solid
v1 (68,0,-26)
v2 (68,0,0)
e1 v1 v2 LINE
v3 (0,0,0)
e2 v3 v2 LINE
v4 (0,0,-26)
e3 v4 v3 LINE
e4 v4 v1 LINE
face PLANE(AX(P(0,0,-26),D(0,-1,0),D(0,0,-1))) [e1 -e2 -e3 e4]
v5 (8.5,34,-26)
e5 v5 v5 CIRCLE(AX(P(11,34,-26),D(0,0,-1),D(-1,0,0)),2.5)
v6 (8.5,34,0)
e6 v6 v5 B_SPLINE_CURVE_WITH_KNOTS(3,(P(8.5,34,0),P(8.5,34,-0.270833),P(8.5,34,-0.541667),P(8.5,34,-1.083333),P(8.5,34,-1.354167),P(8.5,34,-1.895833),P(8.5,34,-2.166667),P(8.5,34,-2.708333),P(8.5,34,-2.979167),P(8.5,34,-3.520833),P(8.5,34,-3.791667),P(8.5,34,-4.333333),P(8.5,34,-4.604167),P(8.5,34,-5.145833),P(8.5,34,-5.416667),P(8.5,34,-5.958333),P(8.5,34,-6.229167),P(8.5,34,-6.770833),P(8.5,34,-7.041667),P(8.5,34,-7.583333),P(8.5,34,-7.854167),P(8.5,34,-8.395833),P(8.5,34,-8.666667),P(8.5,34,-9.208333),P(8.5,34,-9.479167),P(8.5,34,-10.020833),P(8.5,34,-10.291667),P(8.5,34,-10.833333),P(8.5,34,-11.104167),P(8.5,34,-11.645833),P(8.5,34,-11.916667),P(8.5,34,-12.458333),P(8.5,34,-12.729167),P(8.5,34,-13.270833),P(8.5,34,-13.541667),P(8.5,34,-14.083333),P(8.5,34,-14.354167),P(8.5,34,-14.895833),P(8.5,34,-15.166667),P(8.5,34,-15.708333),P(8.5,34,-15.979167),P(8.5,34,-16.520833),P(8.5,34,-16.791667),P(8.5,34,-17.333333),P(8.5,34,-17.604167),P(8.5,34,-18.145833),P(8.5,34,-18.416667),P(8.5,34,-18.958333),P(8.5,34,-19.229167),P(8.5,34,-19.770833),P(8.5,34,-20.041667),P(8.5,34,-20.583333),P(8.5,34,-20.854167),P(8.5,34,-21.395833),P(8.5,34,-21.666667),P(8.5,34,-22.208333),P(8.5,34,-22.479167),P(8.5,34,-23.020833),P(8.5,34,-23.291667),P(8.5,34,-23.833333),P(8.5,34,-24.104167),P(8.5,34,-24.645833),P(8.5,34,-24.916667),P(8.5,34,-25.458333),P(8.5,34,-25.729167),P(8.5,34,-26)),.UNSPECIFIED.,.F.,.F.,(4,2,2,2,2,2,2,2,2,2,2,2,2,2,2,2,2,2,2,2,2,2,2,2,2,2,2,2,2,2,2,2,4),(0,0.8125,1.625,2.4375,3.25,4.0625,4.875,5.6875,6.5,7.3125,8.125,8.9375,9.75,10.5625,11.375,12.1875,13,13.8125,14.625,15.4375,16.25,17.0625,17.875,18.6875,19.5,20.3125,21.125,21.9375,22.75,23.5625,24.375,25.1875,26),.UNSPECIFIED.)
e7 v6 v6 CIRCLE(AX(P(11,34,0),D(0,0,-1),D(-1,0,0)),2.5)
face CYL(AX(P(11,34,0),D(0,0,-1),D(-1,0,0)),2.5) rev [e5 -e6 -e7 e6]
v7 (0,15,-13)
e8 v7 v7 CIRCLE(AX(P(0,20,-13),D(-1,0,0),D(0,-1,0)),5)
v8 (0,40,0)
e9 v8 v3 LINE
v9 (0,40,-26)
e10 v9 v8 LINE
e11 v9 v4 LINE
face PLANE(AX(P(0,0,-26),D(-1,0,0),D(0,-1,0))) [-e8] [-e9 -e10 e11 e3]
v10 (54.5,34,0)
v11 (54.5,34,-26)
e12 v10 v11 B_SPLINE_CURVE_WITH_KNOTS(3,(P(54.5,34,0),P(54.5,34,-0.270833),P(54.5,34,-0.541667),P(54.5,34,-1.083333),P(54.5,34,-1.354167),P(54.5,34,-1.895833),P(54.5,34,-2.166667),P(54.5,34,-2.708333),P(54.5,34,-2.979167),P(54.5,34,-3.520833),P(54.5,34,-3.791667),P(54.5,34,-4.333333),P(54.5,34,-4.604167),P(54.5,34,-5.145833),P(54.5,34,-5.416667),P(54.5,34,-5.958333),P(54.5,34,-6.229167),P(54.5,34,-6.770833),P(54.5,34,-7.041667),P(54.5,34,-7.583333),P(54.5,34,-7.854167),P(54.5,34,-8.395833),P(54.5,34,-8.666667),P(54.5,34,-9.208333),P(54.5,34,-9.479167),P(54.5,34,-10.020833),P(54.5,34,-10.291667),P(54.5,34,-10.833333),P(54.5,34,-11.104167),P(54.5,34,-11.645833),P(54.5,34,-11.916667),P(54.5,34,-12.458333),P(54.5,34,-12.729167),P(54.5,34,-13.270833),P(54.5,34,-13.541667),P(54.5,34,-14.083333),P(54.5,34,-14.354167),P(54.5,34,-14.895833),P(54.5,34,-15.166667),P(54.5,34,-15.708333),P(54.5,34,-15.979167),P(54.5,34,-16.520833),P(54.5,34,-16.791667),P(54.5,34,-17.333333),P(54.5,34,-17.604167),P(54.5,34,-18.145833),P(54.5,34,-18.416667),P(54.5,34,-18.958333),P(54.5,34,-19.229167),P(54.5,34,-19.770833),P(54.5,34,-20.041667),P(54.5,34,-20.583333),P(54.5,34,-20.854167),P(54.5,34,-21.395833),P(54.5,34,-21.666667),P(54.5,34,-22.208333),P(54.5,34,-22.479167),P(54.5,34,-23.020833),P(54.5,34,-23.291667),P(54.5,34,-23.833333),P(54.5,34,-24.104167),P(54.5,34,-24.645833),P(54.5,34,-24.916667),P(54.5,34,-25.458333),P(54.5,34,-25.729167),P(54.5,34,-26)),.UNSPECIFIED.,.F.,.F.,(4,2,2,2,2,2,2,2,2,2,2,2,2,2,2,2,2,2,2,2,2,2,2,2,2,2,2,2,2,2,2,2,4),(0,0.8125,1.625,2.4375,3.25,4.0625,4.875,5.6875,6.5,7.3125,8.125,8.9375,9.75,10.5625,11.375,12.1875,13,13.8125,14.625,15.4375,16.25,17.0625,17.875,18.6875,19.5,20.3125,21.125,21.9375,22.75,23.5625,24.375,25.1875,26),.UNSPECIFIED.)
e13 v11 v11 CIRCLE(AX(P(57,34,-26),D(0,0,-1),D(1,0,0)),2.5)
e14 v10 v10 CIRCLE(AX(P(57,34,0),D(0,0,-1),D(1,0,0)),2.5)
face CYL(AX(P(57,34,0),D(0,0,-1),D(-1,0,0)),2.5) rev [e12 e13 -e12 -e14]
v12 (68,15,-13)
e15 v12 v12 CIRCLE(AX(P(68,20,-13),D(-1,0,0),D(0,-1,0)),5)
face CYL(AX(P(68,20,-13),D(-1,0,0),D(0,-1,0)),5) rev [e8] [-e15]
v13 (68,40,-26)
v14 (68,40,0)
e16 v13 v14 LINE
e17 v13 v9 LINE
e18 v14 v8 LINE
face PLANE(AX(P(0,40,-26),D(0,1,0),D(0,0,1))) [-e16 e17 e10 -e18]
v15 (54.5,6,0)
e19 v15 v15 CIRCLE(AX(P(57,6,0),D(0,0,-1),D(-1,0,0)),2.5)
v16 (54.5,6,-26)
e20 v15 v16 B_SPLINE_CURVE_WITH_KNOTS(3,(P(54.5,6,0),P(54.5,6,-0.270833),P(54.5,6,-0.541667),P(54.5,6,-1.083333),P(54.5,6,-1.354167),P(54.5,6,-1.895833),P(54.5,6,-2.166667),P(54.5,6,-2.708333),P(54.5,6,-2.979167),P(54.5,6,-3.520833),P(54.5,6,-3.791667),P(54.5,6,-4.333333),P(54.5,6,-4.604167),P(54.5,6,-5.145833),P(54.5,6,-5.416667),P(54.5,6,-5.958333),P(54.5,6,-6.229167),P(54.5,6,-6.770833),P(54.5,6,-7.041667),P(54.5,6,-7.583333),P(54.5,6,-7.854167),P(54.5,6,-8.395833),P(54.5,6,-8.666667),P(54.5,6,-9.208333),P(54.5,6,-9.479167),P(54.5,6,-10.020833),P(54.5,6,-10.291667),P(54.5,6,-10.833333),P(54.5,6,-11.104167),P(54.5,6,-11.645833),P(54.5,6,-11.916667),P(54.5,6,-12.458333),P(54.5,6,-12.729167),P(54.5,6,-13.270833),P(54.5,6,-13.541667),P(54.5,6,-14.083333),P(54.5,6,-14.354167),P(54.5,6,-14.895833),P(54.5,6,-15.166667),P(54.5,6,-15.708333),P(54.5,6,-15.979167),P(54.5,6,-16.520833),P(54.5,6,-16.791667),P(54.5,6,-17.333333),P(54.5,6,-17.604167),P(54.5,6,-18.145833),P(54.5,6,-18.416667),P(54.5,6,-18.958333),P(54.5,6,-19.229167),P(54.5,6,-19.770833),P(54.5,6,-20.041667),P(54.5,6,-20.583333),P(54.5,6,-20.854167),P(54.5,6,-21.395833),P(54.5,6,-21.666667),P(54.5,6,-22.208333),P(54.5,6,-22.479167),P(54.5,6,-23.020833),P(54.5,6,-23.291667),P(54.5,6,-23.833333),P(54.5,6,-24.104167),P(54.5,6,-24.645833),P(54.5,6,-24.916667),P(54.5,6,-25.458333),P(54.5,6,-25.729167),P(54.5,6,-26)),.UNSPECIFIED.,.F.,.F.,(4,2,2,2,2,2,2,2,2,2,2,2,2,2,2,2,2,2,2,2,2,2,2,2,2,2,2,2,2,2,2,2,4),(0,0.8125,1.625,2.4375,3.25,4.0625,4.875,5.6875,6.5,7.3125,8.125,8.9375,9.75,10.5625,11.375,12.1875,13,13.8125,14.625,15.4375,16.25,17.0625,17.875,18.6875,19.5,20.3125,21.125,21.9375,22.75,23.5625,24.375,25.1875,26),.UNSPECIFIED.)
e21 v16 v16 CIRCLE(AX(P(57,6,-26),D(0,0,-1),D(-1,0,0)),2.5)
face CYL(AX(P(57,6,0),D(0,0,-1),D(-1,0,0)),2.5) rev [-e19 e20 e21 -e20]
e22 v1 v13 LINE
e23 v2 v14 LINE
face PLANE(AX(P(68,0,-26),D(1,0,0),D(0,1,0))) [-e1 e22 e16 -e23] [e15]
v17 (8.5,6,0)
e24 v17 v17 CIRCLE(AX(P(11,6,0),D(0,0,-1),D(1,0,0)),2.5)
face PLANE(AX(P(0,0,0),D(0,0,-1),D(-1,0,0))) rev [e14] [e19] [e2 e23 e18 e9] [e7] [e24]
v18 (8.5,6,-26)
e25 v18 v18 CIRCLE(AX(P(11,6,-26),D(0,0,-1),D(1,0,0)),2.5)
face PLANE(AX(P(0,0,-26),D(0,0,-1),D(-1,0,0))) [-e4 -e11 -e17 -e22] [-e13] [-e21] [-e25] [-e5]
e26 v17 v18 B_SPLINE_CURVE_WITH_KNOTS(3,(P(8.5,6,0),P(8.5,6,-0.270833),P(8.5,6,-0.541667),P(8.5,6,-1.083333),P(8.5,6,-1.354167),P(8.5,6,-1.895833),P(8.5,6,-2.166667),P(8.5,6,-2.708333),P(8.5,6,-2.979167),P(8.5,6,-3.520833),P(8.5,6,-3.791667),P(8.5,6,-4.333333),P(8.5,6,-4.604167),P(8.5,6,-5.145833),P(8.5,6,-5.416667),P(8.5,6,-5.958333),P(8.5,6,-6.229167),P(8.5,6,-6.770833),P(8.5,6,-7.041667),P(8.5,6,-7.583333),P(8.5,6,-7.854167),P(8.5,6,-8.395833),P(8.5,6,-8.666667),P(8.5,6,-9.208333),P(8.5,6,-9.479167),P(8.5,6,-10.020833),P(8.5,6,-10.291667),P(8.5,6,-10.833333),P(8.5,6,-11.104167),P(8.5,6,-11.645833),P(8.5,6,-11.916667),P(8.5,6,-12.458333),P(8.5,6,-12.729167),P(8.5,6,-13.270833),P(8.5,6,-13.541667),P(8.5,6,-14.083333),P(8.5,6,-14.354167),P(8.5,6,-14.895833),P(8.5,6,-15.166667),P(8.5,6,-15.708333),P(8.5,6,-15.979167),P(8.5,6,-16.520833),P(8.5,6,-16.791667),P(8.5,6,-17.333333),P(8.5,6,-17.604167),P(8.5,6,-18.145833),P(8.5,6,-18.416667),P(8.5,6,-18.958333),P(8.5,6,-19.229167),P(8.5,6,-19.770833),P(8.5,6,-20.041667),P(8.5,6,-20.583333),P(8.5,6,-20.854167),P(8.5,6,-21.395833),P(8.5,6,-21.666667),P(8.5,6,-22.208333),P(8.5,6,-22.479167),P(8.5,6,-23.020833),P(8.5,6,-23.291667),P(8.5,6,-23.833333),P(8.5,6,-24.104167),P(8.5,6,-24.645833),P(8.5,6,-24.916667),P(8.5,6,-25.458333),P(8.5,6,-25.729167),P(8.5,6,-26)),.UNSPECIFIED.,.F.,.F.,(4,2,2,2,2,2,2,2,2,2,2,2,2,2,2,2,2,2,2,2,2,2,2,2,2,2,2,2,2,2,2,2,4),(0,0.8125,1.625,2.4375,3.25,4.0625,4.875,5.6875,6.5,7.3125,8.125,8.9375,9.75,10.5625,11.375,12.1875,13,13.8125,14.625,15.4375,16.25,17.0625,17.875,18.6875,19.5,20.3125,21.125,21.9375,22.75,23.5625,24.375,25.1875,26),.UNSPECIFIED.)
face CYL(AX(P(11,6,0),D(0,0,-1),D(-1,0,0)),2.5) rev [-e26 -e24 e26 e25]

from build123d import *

# Parameters (mm, degrees)
SCHIZZO1_W                   = 68
SCHIZZO1_H                   = 40
ESTRUSIONE_ESTRUSIONE1_DEPTH = 26
SCHIZZO2_R                   = 5
TAGLIO_ESTRUSIONE1_DEPTH     = 84.066238629
SCHIZZO3_R                   = 2.5
TAGLIO_ESTRUSIONE2_DEPTH     = 84.066238629


with BuildPart() as part:
    # Schizzo1 → Estrusione-Estrusione1 (new body)
    with BuildSketch(Plane.XY):
        with Locations((34, 20)):
            Rectangle(SCHIZZO1_W, SCHIZZO1_H)
    extrude(amount=-ESTRUSIONE_ESTRUSIONE1_DEPTH)

    # Schizzo2 → Taglio-Estrusione1 (cut, through all)
    with BuildSketch(Plane.ZY):
        with Locations(Location((-13, 20, 0), (0, 0, 270))):
            Circle(SCHIZZO2_R)
    extrude(amount=-TAGLIO_ESTRUSIONE1_DEPTH, mode=Mode.SUBTRACT)

    # Schizzo3 → Taglio-Estrusione2 (cut, through all)
    with BuildSketch(Plane(origin=(0, 0, -26), x_dir=(-1, 0, 0), z_dir=(0, 0, -1))):
        with Locations((-11, 34)):
            Circle(SCHIZZO3_R)
        with Locations((-57, 34)):
            Circle(SCHIZZO3_R)
        with Locations((-57, 6)):
            Circle(SCHIZZO3_R)
        with Locations((-11, 6)):
            Circle(SCHIZZO3_R)
    extrude(amount=-TAGLIO_ESTRUSIONE2_DEPTH, mode=Mode.SUBTRACT)


solid = part.part
